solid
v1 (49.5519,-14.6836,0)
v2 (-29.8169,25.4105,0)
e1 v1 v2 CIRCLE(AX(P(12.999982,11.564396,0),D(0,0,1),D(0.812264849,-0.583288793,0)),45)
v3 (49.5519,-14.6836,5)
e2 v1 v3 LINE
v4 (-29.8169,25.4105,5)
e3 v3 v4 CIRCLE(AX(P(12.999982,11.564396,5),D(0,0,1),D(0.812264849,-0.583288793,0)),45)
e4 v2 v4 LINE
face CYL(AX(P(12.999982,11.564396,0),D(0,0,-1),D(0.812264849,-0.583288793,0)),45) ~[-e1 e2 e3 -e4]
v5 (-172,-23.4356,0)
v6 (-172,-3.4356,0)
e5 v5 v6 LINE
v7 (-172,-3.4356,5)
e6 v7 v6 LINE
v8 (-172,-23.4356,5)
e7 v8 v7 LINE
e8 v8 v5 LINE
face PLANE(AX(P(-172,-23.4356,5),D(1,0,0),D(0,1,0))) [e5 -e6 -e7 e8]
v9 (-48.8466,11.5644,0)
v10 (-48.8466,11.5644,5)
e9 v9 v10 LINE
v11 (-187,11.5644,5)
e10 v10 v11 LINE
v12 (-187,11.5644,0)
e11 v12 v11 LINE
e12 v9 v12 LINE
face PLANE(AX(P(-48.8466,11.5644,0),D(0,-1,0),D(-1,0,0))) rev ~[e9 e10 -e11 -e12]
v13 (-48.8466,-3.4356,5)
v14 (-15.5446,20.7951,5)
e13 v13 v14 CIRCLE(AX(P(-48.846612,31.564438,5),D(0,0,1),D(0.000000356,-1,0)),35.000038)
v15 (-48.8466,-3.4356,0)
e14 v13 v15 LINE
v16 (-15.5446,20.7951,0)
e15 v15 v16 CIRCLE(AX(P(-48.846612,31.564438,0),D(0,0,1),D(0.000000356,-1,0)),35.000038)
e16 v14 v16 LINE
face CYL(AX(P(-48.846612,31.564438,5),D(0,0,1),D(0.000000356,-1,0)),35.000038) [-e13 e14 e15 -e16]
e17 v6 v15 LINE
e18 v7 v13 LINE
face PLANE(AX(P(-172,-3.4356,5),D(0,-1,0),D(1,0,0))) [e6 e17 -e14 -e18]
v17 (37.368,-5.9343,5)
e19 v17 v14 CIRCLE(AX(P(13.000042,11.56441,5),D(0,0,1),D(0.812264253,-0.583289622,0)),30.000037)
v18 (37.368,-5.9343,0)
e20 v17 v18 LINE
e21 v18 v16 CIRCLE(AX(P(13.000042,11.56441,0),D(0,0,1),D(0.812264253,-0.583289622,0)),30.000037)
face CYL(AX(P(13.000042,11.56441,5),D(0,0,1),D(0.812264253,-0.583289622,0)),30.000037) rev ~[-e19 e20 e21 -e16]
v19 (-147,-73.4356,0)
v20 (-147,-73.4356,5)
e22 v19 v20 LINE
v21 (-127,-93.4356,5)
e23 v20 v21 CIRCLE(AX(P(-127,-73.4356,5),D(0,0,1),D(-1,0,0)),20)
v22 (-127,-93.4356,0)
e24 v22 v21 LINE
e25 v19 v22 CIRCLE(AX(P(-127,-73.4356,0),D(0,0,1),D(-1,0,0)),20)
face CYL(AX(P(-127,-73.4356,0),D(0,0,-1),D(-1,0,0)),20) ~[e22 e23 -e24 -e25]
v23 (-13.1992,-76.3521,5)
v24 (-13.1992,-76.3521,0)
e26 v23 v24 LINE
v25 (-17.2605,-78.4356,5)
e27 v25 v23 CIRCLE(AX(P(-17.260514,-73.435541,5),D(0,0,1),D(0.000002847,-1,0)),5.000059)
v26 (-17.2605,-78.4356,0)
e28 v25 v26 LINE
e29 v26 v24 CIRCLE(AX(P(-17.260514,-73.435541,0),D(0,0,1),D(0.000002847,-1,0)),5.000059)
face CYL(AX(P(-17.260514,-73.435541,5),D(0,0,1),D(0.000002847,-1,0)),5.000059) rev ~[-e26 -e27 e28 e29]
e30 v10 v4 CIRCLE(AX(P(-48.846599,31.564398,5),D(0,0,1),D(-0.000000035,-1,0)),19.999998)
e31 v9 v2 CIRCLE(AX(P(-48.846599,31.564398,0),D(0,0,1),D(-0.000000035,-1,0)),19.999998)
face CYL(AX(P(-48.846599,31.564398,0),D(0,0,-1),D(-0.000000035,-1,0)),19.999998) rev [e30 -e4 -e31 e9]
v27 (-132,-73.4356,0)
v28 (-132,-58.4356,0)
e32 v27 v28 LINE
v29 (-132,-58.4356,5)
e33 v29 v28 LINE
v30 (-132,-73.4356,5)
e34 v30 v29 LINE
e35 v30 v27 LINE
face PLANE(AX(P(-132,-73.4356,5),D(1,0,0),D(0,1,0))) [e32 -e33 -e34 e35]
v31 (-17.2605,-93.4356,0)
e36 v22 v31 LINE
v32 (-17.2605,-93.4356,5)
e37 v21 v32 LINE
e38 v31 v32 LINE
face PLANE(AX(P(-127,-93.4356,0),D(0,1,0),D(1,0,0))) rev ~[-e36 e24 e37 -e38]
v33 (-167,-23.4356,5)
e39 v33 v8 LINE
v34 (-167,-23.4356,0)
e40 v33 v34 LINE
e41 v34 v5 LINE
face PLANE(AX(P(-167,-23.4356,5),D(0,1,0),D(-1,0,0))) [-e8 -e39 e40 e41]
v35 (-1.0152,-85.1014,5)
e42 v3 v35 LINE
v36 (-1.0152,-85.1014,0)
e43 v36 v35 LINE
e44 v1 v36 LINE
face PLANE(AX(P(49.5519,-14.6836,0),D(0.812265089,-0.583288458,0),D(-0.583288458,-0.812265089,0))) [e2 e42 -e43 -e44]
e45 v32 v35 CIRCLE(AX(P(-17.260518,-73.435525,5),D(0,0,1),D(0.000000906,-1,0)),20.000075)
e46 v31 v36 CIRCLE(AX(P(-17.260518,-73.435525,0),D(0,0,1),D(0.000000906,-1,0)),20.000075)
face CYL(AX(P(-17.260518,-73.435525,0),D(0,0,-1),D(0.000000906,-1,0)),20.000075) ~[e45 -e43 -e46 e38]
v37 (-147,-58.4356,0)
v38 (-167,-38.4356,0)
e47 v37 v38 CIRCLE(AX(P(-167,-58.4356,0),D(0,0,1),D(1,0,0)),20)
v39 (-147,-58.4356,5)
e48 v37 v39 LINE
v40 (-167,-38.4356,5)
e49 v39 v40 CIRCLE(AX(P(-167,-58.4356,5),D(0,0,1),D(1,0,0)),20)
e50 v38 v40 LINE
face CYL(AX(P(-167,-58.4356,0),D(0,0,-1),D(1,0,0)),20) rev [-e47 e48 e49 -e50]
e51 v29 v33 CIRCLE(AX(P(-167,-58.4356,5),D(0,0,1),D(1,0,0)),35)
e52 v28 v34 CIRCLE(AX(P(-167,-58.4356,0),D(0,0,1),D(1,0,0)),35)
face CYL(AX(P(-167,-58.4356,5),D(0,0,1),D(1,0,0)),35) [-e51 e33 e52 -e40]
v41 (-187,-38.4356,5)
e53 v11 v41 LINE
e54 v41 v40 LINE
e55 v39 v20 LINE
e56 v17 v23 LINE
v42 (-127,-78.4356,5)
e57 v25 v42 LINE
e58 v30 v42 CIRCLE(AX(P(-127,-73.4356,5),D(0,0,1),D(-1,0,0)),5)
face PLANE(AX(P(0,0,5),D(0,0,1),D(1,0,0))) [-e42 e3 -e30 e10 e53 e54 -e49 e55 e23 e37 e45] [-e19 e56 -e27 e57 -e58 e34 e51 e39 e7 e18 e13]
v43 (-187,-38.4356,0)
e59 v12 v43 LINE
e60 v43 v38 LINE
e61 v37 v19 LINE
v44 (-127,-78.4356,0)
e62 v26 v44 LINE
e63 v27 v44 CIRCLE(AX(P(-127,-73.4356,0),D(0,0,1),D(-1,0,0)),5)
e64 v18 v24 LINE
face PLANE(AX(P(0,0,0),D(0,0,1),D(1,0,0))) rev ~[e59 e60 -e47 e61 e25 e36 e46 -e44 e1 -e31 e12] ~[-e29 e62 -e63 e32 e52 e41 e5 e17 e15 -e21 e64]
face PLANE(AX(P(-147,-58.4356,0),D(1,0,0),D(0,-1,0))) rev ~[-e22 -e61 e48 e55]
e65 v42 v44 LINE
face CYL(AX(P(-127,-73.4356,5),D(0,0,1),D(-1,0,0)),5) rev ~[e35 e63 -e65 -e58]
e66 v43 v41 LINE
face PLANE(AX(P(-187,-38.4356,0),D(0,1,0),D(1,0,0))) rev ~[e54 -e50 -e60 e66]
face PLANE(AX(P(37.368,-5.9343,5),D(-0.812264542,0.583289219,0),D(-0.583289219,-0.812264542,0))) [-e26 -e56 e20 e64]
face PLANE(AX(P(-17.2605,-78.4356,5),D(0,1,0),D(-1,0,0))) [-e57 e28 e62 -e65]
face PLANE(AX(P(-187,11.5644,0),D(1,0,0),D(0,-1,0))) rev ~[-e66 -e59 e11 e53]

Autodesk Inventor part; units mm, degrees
ref_plane "YZ Plane" through (0, 0, 0) normal (1, 0, 0) x (0, 1, 0)
ref_plane "XZ Plane" through (0, 0, 0) normal (0, 1, 0) x (-1, 0, 0)
ref_plane "XY Plane" through (0, 0, 0) normal (0, 0, 1) x (1, 0, 0)
sketch "Sketch1" plane through (0, 0, 0) normal (0, 0, 1) x (1, 0, 0)
  line L0 (-48.8466, 11.5644) -> (-187, 11.5644)
  line L1 (-187, 11.5644) -> (-187, -38.4356)
  line L2 (-187, -38.4356) -> (-167, -38.4356)
  line L3 (-147, -58.4356) -> (-147, -73.4356)
  line L4 (-127, -93.4356) -> (-17.2605, -93.4356)
  arc A0 (49.5519, -14.6836) -> (-29.8169, 25.4105) centre (13, 11.5644) ccw
  line L5 (49.5519, -14.6836) -> (-1.0152, -85.1014)
  arc A1 (-48.8466, 11.5644) -> (-29.8169, 25.4105) centre (-48.8466, 31.5644) ccw
  arc A2 (-147, -58.4356) -> (-167, -38.4356) centre (-167, -58.4356) ccw
  arc A3 (-147, -73.4356) -> (-127, -93.4356) centre (-127, -73.4356) ccw
  arc A4 (-17.2605, -93.4356) -> (-1.0152, -85.1014) centre (-17.2605, -73.4356) ccw
  point P0 (0, 0)
  point P1 (-32, 11.5644)
  point P2 (-147, -38.4356)
  point P3 (-147, -93.4356)
  point P4 (-7, -93.4356)
  dimension "d1" = 0
  dimension "d2" = 105
  dimension "d21" = 200
  dimension "d22" = 40
  dimension "d23" = 50
  dimension "d24" = 180
  dimension "d25" = 45
  dimension "d38" = 20
  dimension "d39" = 20
extrude "Extrusion1" add sketch "Sketch1" along normal blind 5
sketch "Sketch2" plane through (0, 0, 5) normal (0, 0, 1) x (1, 0, 0)
  arc A0 (-48.8466, 11.5644) -> (-29.8169, 25.4105) centre (-48.8466, 31.5644) ccw projected
  line L0 (-48.8466, 11.5644) -> (-187, 11.5644) projected
  line L1 (-187, 11.5644) -> (-187, -38.4356) projected
  line L2 (-187, -38.4356) -> (-167, -38.4356) projected
  arc A1 (-147, -58.4356) -> (-167, -38.4356) centre (-167, -58.4356) ccw projected
  line L3 (-147, -58.4356) -> (-147, -73.4356) projected
  arc A2 (-147, -73.4356) -> (-127, -93.4356) centre (-127, -73.4356) ccw projected
  line L4 (-127, -93.4356) -> (-17.2605, -93.4356) projected
  arc A3 (-17.2605, -93.4356) -> (-1.0152, -85.1014) centre (-17.2605, -73.4356) ccw projected
  line L5 (-1.0152, -85.1014) -> (49.5519, -14.6836) projected
  arc A4 (49.5519, -14.6836) -> (-29.8169, 25.4105) centre (13, 11.5644) ccw projected
  line L6 (-172, -3.4356) -> (-48.8466, -3.4356)
  arc A5 (-48.8466, -3.4356) -> (-15.5446, 20.7951) centre (-48.8466, 31.5644) ccw
  arc A6 (37.368, -5.9343) -> (-15.5446, 20.7951) centre (13, 11.5644) ccw
  line L7 (37.368, -5.9343) -> (-13.1992, -76.3521)
  arc A7 (-17.2605, -78.4356) -> (-13.1992, -76.3521) centre (-17.2605, -73.4356) ccw
  line L8 (-17.2605, -78.4356) -> (-127, -78.4356)
  arc A8 (-132, -73.4356) -> (-127, -78.4356) centre (-127, -73.4356) ccw
  line L9 (-132, -73.4356) -> (-132, -58.4356)
  arc A9 (-132, -58.4356) -> (-167, -23.4356) centre (-167, -58.4356) ccw
  line L10 (-167, -23.4356) -> (-172, -23.4356)
  line L11 (-172, -23.4356) -> (-172, -3.4356)
  point P0 (0, 0)
  dimension "d42" = 15
extrude "Extrusion2" cut sketch "Sketch2" against normal through all contours L6 A5 A6 L7 A7 L8 A8 L9 A9 L10 L11
sketch "Sketch3" plane through (0, 0, 5) normal (0, 0, 1) x (1, 0, 0)
  point P0 (0, 0)
sketch "Sketch4" plane through (0, 0, 5) normal (0, 0, 1) x (1, 0, 0)
  point P0 (0, 0)
properties part number "GASKET"
